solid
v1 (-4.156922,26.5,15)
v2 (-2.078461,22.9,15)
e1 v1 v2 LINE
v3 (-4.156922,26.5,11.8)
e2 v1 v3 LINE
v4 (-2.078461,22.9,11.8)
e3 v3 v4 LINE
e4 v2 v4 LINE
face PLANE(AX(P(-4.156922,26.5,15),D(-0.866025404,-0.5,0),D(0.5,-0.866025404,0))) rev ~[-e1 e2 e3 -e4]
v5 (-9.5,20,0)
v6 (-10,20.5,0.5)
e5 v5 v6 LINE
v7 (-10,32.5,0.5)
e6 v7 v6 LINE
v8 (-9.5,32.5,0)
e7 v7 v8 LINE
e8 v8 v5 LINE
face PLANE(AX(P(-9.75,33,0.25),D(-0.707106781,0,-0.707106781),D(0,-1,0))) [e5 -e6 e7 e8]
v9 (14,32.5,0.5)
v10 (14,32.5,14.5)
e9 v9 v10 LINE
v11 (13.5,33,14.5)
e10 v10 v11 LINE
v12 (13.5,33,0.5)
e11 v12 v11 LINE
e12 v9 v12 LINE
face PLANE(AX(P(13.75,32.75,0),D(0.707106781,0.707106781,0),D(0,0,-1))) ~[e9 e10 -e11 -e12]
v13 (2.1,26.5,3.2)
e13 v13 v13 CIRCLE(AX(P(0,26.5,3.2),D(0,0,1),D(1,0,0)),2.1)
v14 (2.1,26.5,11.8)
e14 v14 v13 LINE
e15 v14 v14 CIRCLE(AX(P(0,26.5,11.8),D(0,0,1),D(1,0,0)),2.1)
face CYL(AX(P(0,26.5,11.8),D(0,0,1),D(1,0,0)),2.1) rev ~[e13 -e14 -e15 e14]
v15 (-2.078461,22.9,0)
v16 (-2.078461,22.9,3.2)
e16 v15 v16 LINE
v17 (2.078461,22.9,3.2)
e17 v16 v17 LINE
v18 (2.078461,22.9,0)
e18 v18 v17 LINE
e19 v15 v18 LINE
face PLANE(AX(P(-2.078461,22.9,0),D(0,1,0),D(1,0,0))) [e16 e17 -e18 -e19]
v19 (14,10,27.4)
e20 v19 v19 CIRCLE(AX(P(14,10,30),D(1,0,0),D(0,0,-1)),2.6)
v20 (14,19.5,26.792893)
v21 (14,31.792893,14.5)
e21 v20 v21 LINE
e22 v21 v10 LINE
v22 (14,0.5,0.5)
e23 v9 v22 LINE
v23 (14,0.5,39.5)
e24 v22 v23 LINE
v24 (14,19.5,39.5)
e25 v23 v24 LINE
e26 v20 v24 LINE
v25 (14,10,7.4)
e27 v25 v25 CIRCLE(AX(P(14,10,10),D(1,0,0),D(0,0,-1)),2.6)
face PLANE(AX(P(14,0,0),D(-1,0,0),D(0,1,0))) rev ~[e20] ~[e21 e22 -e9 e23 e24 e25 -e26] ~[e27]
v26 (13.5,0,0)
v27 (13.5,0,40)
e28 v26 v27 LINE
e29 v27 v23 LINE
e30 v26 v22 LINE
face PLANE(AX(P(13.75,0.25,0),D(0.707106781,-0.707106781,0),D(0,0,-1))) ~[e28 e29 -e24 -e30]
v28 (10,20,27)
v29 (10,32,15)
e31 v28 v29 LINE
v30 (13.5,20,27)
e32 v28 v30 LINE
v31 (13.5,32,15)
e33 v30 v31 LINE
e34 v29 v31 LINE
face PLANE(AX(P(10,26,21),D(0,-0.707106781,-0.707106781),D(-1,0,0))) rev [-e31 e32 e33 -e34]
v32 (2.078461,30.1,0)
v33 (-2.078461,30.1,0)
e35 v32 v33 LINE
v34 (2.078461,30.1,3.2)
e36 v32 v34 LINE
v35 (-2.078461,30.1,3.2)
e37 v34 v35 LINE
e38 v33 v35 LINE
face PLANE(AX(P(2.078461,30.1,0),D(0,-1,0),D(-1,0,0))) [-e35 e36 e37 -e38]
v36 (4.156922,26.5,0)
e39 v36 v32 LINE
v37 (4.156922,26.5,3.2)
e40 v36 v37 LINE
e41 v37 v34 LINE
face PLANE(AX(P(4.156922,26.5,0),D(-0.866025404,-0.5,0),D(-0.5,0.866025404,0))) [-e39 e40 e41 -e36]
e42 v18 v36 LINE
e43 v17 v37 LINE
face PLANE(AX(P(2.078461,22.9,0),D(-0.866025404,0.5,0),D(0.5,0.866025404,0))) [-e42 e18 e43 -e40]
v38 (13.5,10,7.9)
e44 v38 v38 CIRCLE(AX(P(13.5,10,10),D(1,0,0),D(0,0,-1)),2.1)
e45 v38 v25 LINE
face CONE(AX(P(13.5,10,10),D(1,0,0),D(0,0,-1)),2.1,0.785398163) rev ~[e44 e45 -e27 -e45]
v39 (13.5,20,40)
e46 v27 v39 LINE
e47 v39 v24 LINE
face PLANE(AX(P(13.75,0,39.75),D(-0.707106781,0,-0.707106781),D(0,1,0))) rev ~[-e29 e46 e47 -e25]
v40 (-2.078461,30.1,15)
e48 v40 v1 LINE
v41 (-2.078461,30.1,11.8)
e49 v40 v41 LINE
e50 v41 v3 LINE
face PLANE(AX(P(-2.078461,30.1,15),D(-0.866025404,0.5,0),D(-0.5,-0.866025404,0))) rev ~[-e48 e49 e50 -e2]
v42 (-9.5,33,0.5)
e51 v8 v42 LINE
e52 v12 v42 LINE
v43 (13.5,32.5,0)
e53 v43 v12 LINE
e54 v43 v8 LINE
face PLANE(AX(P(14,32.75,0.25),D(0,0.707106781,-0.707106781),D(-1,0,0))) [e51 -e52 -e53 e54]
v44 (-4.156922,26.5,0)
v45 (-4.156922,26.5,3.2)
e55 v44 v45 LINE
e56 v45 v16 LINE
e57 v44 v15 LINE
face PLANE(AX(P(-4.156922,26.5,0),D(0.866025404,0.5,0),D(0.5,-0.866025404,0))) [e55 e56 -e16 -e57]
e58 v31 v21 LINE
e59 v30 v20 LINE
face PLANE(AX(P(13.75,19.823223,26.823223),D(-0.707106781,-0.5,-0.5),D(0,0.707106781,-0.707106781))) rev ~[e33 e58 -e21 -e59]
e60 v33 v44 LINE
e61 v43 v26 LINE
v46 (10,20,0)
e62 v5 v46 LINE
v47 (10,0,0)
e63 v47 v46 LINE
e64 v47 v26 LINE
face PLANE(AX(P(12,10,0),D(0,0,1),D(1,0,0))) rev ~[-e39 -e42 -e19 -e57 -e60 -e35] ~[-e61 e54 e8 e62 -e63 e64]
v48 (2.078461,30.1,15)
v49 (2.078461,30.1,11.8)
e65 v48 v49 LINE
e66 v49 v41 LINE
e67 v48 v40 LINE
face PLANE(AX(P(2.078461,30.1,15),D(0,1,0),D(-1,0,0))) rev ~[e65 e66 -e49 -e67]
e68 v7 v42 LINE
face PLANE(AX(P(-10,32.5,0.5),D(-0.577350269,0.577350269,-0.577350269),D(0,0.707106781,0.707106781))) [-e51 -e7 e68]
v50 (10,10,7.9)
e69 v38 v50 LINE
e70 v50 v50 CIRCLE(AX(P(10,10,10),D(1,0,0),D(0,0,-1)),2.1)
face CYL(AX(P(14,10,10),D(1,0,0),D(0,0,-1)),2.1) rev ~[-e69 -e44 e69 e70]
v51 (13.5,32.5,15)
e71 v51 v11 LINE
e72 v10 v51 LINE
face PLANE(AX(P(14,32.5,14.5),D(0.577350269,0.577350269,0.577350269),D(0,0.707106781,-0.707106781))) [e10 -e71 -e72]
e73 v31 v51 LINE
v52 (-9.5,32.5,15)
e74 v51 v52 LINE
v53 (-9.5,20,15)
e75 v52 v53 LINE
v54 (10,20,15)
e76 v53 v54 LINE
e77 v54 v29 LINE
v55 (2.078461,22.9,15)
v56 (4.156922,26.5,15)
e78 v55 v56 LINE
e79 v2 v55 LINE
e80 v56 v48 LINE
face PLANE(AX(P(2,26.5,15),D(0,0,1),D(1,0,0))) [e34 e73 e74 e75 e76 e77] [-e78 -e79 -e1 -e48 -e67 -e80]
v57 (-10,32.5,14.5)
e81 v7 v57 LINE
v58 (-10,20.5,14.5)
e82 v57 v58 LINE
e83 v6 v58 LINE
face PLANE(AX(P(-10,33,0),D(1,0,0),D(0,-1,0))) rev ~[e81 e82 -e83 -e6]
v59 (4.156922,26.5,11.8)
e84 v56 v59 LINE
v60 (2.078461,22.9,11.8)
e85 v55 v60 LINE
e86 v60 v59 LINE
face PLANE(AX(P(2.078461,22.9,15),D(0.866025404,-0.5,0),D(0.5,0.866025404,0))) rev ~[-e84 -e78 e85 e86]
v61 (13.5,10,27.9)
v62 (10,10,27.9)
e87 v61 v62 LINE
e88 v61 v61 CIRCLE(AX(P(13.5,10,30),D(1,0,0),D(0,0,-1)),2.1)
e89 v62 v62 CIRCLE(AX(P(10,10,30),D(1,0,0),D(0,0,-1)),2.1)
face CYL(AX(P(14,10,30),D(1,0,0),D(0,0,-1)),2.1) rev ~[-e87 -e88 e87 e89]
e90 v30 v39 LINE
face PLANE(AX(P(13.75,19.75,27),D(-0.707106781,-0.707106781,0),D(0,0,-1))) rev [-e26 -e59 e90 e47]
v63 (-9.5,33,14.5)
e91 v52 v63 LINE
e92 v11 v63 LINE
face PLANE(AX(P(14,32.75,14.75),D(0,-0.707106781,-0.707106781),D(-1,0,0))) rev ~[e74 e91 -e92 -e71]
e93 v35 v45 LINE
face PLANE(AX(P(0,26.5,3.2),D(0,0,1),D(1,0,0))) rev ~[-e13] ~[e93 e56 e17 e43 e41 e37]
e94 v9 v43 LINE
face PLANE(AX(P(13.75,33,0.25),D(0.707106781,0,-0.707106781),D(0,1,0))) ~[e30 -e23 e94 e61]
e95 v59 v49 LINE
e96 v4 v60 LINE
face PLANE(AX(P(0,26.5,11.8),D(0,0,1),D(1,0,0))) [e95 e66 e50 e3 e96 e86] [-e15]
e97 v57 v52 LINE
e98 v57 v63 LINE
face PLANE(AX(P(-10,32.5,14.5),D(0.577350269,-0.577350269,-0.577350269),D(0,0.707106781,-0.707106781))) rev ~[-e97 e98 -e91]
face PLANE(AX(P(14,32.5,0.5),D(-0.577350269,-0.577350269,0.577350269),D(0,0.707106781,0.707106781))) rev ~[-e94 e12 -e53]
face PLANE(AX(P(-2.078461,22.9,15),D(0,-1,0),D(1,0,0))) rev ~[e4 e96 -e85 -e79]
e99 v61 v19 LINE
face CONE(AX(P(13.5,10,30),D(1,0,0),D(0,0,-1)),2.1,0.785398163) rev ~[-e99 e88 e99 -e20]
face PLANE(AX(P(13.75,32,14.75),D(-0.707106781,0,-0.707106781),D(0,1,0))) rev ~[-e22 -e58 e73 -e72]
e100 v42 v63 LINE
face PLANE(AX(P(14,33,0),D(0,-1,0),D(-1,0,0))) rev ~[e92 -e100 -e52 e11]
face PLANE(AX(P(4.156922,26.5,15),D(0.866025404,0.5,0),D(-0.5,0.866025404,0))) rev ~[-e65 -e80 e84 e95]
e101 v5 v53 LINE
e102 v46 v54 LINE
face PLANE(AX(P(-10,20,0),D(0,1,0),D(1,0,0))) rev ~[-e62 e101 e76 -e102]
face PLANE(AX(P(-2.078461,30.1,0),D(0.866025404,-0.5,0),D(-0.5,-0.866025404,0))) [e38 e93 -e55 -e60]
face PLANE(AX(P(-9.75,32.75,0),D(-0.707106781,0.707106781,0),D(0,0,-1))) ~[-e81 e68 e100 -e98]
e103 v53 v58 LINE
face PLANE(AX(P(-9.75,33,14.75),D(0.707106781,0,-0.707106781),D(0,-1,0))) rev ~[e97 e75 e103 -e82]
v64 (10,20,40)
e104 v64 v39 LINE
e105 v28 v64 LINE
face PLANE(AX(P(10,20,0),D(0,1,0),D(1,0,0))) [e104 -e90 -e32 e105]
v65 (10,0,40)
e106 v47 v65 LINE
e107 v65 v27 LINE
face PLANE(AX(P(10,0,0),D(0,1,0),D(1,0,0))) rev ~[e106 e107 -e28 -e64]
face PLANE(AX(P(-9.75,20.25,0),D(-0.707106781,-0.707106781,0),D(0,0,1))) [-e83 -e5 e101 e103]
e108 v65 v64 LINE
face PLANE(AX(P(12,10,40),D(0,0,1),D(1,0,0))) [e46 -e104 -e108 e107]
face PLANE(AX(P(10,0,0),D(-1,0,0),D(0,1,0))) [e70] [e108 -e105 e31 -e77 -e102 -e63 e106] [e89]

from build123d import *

# Parameters (mm, degrees)
EXTRUDE_1_DEPTH     = 15
CUT_EXTRUDE_1_DEPTH = 3.2
SKETCH_3_R          = 2.1
CUT_EXTRUDE_2_DEPTH = 38.739104388
SKETCH_1_4_W        = 4
SKETCH_1_4_H        = 20
EXTRUDE_2_DEPTH     = 40
SKETCH_4_R          = 2.1
CUT_EXTRUDE_6_DEPTH = 40
CHAMFER_1_SIZE      = 12
CUT_EXTRUDE_START   = -15
CUT_EXTRUDE_7_DEPTH = 3.2
CHAMFER_3_SIZE      = 0.5


with BuildPart() as part:
    # 草图1 → 凸台-拉伸1 (new body)
    with BuildSketch(Plane.XY):
        Polygon((-10, 33), (-10, 20), (10, 20), (14, 20), (14, 33), align=None)
    extrude(amount=EXTRUDE_1_DEPTH)

    # 草图2 → 切除-拉伸1 (cut)
    with BuildSketch(Plane.XY.offset(15)):
        Polygon((2.078460969, 22.9), (4.156921938, 26.5), (2.078460969, 30.1), (-2.078460969, 30.1), (-4.156921938, 26.5), (-2.078460969, 22.9), align=None)
    extrude(amount=-CUT_EXTRUDE_1_DEPTH, mode=Mode.SUBTRACT)

    # 草图3 → 切除-拉伸2 (cut, through all)
    with BuildSketch(Plane.XY.offset(11.8)):
        with Locations((0, 26.5)):
            Circle(SKETCH_3_R)
    extrude(amount=-CUT_EXTRUDE_2_DEPTH, mode=Mode.SUBTRACT)

    # 草图1<4> → 凸台-拉伸2 (add)
    with BuildSketch(Plane.XY):
        with Locations((12, 10)):
            Rectangle(SKETCH_1_4_W, SKETCH_1_4_H)
    extrude(amount=EXTRUDE_2_DEPTH)

    # 草图4 → 切除-拉伸6 (cut)
    with BuildSketch(Plane(origin=(14, 0, 0), x_dir=(0, 0, -1), z_dir=(1, 0, 0))):
        with Locations((-30, 10)):
            Circle(SKETCH_4_R)
        with Locations((-10, 10)):
            Circle(SKETCH_4_R)
    extrude(amount=-CUT_EXTRUDE_6_DEPTH, mode=Mode.SUBTRACT)

    # 倒角1
    chamfer_1_edges = [part.edges().sort_by_distance(p)[0] for p in [
        (12, 20, 15),
    ]]
    chamfer(chamfer_1_edges, length=CHAMFER_1_SIZE)

    # 草图2<3> → 切除-拉伸7 (cut)
    with BuildSketch(Plane.XY.offset(15).offset(CUT_EXTRUDE_START)):
        Polygon((4.156921938, 26.5), (2.078460969, 30.1), (-2.078460969, 30.1), (-4.156921938, 26.5), (-2.078460969, 22.9), (2.078460969, 22.9), align=None)
    extrude(amount=CUT_EXTRUDE_7_DEPTH, mode=Mode.SUBTRACT)

    # 倒角3
    chamfer_3_edges = [part.edges().sort_by_distance(p)[0] for p in [
        (-10, 26.5, 15),
        (-10, 20, 7.5),
        (-10, 26.5, 0),
        (2, 33, 15),
        (-10, 33, 7.5),
        (2, 33, 0),
        (14, 0, 20),
        (14, 10, 40),
        (14, 20, 33.5),
        (14, 26, 21),
        (14, 32.5, 15),
        (14, 33, 7.5),
        (14, 16.5, 0),
        (14, 10, 12.1),
        (14, 10, 32.1),
    ]]
    chamfer(chamfer_3_edges, length=CHAMFER_3_SIZE)


solid = part.part
